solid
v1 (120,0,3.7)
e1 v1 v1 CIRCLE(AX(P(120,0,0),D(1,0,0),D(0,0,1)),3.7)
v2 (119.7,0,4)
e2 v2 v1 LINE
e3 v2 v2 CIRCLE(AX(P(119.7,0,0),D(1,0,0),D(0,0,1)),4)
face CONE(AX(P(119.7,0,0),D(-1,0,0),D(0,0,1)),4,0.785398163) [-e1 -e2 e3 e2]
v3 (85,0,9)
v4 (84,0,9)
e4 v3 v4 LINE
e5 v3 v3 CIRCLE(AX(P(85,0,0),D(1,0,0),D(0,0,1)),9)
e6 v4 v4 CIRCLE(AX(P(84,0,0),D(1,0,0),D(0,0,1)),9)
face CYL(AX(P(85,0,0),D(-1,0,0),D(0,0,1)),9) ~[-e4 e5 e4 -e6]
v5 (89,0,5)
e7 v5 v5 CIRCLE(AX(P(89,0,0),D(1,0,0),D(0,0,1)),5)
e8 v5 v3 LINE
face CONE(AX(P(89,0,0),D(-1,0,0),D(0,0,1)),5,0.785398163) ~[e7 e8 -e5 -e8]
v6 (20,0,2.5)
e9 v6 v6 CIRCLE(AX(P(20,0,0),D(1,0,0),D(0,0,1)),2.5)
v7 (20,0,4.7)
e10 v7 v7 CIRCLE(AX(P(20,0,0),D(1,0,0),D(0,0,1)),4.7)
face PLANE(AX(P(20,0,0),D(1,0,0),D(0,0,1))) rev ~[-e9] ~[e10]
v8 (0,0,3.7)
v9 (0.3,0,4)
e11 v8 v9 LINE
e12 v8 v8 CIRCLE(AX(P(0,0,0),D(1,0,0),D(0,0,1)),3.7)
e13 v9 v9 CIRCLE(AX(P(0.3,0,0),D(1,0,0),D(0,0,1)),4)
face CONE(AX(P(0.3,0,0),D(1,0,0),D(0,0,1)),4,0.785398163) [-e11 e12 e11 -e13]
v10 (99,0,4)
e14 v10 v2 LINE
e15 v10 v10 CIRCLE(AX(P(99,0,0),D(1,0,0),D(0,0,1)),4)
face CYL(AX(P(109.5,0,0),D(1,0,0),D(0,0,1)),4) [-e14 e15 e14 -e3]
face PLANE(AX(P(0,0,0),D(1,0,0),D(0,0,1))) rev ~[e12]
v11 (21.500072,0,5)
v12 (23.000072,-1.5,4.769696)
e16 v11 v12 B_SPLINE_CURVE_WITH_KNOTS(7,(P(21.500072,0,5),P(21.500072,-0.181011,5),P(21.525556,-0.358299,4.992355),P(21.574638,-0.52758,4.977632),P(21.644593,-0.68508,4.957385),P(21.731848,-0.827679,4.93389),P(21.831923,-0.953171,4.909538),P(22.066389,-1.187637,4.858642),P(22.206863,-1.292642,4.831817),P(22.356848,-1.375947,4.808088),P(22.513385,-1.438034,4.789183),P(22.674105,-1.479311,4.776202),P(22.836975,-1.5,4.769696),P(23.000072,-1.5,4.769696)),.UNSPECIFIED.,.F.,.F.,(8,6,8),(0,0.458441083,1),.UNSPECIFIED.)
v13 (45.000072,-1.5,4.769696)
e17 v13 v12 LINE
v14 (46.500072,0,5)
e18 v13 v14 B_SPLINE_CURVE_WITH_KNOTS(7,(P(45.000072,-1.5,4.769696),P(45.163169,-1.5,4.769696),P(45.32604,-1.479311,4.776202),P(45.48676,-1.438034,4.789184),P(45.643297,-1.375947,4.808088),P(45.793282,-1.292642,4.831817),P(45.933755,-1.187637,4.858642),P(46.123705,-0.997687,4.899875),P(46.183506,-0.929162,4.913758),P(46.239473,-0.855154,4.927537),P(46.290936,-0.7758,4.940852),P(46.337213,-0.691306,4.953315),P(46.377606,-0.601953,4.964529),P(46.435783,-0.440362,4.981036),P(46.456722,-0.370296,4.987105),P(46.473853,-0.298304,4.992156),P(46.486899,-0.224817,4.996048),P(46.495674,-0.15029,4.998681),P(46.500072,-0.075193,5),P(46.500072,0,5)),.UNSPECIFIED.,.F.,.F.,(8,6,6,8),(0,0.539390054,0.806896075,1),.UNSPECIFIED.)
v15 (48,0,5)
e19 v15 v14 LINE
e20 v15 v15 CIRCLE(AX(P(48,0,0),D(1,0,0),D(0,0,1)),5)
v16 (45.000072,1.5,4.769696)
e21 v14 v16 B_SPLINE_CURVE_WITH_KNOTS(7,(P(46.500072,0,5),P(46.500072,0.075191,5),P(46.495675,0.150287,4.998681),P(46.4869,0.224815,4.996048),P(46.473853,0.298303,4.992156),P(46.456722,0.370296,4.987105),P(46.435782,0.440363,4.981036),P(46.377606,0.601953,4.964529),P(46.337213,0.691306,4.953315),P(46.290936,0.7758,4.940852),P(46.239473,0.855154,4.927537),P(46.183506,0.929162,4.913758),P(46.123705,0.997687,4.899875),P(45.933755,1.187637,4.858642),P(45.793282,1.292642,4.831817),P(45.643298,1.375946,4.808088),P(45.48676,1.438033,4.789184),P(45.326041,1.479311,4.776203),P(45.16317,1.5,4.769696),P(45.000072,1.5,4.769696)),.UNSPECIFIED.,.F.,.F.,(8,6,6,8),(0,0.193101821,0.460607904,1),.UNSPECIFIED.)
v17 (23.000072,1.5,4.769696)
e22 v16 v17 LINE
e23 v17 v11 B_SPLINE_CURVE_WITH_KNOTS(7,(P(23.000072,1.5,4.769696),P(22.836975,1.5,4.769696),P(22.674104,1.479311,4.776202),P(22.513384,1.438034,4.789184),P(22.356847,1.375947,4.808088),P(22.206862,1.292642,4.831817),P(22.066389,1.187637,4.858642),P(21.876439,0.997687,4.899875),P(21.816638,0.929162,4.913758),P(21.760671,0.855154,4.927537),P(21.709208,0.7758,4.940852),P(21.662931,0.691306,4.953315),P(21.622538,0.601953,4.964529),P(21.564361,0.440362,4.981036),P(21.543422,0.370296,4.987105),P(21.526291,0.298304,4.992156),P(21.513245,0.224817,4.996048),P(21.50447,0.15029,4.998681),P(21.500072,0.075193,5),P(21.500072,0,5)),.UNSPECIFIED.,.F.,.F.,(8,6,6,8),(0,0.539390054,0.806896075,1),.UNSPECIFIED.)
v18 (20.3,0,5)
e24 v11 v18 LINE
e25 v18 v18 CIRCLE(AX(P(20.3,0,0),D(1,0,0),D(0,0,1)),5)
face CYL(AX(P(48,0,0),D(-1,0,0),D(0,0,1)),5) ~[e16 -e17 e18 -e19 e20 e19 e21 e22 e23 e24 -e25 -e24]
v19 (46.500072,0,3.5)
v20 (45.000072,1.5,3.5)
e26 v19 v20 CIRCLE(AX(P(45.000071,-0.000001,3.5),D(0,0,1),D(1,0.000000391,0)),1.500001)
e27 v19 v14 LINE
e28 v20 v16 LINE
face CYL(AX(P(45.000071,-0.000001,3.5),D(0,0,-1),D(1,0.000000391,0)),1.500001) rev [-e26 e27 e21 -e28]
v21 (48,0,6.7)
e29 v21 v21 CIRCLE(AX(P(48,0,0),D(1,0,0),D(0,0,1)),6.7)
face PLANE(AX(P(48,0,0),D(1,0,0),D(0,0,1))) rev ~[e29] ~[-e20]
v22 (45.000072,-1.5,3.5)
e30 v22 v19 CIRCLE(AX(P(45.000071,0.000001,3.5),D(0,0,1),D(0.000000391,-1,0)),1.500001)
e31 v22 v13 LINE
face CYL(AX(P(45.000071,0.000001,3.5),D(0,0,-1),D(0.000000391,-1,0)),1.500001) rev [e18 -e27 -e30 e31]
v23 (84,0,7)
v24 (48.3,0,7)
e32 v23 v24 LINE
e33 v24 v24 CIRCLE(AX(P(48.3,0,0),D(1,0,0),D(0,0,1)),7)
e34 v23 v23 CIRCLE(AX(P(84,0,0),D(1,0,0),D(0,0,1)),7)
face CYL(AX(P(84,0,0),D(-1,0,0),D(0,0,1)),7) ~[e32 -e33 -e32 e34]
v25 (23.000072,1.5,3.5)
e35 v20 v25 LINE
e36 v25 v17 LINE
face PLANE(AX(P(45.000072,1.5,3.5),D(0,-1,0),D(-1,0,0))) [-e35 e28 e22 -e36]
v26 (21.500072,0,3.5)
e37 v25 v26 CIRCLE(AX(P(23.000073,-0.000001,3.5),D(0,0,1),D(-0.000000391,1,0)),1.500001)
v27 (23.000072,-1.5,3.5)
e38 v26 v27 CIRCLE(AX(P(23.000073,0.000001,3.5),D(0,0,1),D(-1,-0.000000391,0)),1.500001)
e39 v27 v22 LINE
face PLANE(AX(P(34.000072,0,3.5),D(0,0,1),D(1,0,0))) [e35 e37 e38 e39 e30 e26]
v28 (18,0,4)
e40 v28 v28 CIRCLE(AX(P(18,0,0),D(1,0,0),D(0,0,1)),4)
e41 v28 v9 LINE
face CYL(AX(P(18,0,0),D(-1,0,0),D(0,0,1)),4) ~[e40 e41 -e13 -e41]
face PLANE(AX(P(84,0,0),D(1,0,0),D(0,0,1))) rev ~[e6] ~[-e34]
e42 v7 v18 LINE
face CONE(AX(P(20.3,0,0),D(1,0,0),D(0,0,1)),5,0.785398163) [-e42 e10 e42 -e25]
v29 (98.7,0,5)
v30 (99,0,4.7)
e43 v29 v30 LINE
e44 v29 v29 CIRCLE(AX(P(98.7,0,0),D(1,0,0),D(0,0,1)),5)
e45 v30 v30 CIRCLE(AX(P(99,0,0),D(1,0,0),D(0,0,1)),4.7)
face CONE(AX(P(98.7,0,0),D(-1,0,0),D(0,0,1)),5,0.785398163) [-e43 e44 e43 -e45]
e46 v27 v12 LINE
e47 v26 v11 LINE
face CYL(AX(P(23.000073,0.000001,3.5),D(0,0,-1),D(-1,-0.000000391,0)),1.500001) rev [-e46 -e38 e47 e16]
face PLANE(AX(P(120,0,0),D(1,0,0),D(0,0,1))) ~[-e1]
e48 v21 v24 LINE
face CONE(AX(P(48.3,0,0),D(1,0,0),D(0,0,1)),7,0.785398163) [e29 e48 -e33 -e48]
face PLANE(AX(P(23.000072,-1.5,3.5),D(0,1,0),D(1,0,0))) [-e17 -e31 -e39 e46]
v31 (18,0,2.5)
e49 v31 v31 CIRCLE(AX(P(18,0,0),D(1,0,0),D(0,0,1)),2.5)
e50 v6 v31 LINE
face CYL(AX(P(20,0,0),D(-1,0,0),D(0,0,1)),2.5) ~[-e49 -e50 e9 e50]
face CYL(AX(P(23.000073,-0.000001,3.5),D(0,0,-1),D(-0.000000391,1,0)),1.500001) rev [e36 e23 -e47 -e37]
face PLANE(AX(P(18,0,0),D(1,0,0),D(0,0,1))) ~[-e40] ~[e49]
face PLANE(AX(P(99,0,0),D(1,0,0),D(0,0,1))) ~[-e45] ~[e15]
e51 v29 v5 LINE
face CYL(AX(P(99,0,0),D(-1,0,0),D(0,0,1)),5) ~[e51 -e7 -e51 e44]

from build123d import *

# Parameters (mm, degrees)
F0_W     = 21
F0_H     = 4
F5_DEPTH = 1.5
F6_SIZE  = 0.3


with BuildPart() as f2:
    # F0 (on Front) → F2 (revolve)
    with BuildSketch(Plane.XZ):
        Polygon((0, 4), (0, 0), (84, 0), (84, 7), (48, 7), (48, 5), (46.5, 5), (45, 5), (23, 5), (20, 5), (20, 2.5), (18, 2.5), (18, 4), align=None)
        Polygon((84, 7), (84, 0), (99, 0), (99, 4), (99, 5), (89, 5), (85, 9), (84, 9), align=None)
        with Locations((109.5, 2)):
            Rectangle(F0_W, F0_H)
    revolve(axis=Axis((63.735422, 0, 0), (1, 0, 0)))

    # F4 (on offset) → F5 (cut, through all)
    with BuildSketch(Plane.XY.offset(3.5)):
        with BuildLine():
            Line((45.000072, 1.5), (23.000072, 1.5))
            ThreePointArc((23.000072, 1.5), (21.939412, 1.06066), (21.500072, 0))
            ThreePointArc((21.500072, 0), (21.939412, -1.06066), (23.000072, -1.5))
            Line((23.000072, -1.5), (45.000072, -1.5))
            ThreePointArc((45.000072, -1.5), (46.060732, -1.06066), (46.500072, 0))
            ThreePointArc((46.500072, 0), (46.060732, 1.06066), (45.000072, 1.5))
        make_face()
    extrude(amount=F5_DEPTH, mode=Mode.SUBTRACT)

    # F6
    f6_edges = [f2.edges().sort_by_distance(p)[0] for p in [
        (120, 0, -4),
        (99, 0, -5),
        (48, 0, -7),
        (20, 0, -5),
        (0, 0, -4),
    ]]
    chamfer(f6_edges, length=F6_SIZE)


solid = f2.part
